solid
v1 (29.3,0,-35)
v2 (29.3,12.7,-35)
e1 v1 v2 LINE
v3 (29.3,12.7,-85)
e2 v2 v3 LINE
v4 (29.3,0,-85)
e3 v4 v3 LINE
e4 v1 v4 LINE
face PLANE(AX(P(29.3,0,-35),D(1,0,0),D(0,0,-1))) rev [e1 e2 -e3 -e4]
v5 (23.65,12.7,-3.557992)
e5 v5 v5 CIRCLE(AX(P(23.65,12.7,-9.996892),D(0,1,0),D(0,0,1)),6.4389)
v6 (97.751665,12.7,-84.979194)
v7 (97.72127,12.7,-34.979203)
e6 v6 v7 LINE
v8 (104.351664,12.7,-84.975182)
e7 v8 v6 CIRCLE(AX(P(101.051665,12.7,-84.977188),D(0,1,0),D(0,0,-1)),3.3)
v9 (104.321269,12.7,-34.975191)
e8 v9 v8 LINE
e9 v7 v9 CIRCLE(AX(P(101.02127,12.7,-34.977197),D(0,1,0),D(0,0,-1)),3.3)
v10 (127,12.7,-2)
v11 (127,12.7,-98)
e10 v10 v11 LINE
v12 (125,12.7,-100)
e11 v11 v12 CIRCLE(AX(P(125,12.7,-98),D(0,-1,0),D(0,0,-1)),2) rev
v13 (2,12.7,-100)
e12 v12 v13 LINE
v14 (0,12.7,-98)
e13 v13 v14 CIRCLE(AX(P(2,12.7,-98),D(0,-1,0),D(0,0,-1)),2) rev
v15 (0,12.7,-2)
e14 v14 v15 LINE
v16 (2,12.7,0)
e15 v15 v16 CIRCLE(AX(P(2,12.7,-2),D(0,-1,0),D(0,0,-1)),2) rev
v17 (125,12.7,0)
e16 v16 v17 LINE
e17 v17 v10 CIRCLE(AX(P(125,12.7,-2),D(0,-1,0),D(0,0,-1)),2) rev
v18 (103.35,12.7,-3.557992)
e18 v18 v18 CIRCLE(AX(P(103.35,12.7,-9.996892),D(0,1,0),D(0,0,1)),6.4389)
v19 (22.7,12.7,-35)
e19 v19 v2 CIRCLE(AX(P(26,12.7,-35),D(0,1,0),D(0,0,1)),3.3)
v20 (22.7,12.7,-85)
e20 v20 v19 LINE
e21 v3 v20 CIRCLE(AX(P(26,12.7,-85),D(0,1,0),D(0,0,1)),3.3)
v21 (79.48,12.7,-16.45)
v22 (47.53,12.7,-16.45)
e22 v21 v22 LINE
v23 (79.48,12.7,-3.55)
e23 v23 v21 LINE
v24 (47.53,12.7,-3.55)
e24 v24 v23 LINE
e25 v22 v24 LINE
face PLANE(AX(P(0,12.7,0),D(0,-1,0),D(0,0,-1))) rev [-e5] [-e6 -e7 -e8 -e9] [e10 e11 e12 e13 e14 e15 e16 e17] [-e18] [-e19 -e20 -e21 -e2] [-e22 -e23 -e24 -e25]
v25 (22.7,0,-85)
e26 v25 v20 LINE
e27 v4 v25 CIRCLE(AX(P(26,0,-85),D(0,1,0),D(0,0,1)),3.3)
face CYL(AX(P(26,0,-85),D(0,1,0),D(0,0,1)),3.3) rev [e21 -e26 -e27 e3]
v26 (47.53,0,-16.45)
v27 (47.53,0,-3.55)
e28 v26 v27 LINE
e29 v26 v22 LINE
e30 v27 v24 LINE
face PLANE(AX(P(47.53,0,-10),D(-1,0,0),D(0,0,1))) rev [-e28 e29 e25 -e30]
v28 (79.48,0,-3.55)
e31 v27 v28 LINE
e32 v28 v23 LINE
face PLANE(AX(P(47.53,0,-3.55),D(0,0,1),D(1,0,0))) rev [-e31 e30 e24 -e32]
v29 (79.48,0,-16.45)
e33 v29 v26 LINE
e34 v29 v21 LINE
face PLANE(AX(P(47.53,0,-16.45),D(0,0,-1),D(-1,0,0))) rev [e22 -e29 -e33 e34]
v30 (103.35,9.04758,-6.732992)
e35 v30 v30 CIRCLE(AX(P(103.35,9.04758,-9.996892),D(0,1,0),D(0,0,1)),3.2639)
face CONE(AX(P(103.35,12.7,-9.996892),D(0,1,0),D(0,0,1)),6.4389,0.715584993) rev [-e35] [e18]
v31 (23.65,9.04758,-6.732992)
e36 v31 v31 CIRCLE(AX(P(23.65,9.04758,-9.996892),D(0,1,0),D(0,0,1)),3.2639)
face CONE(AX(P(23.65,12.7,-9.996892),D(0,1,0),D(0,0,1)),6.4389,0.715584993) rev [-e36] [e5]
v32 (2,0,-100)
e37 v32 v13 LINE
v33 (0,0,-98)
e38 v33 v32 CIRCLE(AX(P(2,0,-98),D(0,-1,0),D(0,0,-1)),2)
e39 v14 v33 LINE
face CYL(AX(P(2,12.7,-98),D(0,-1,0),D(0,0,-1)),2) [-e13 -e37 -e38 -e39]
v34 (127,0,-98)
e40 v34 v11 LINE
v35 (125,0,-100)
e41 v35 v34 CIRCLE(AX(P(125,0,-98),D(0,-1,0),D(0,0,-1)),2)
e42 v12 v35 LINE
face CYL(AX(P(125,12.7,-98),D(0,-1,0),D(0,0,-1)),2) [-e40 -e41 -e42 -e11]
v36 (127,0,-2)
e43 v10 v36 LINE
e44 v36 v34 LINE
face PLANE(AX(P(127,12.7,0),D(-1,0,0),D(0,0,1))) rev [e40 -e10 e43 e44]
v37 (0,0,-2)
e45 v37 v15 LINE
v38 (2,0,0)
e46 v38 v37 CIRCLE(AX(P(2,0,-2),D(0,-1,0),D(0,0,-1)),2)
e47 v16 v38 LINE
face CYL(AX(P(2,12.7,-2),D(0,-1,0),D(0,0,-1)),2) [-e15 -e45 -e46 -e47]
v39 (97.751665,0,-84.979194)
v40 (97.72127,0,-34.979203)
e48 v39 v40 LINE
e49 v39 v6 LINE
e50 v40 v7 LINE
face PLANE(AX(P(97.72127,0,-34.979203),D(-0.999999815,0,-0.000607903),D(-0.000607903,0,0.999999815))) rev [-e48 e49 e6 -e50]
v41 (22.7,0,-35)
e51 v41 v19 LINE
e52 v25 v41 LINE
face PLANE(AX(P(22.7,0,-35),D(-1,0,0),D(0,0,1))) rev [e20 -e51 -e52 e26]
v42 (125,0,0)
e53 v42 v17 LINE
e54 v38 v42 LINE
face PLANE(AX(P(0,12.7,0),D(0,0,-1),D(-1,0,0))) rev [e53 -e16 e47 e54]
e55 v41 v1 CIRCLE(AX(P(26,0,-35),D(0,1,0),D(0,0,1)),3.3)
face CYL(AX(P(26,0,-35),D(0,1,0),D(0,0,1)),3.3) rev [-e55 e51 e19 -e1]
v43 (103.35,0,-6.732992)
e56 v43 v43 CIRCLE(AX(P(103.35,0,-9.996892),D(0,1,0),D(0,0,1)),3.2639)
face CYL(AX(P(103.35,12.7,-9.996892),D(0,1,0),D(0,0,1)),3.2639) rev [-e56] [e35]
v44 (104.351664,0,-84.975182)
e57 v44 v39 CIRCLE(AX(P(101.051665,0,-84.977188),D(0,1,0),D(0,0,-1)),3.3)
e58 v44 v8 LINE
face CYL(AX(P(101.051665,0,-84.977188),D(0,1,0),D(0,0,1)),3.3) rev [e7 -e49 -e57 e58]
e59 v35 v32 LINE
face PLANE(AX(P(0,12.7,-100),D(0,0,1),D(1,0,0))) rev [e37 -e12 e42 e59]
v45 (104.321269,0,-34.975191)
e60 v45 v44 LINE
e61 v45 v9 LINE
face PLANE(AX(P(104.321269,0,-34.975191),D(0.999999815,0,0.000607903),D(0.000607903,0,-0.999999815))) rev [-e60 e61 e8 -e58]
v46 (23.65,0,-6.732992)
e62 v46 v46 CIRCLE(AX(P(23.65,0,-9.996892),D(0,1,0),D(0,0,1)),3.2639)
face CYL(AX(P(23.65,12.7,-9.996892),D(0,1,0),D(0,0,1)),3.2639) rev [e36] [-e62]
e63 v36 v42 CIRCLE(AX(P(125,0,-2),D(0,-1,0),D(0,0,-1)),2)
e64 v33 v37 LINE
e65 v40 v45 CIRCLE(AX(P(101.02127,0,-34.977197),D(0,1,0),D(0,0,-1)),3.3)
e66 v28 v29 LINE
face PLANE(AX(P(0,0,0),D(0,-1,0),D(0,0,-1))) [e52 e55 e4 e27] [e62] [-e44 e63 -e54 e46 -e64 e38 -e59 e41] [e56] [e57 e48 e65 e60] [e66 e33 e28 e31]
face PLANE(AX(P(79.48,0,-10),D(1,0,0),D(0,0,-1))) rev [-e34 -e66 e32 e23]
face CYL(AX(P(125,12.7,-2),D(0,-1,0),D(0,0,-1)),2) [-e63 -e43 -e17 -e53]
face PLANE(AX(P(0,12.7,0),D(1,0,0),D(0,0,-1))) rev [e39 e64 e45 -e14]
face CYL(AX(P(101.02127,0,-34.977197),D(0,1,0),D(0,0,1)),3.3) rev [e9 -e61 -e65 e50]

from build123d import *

# Parameters (mm, degrees)
SKETCH1_W                                        = 127
SKETCH1_H                                        = 100
BOSS_EXTRUDE1_DEPTH                              = 12.7
CUT_EXTRUDE1_DEPTH                               = 12.7
CUT_EXTRUDE2_DEPTH                               = 163.142807426
FILLET1_R                                        = 2
CSK_FOR_1_4_FLAT_HEAD_MACHINE_SCREW1_D           = 6.5278
CSK_FOR_1_4_FLAT_HEAD_MACHINE_SCREW1_CSINK_D     = 12.8778
CSK_FOR_1_4_FLAT_HEAD_MACHINE_SCREW1_CSINK_ANGLE = 82


with BuildPart() as part:
    # Sketch1 → Boss-Extrude1 (new body)
    with BuildSketch(Plane(origin=(0, 0, 0), x_dir=(1, 0, 0), z_dir=(0, 1, 0))):
        with Locations((63.5, 50)):
            Rectangle(SKETCH1_W, SKETCH1_H)
    extrude(amount=BOSS_EXTRUDE1_DEPTH)

    # Sketch2 → Cut-Extrude1 (cut)
    with BuildSketch(Plane(origin=(0, 12.7, 0), x_dir=(1, 0, 0), z_dir=(0, 1, 0))):
        Polygon((47.53, 10), (47.53, 16.45), (79.48, 16.45), (79.48, 10), (79.48, 3.55), (47.53, 3.55), align=None)
    extrude(amount=-CUT_EXTRUDE1_DEPTH, mode=Mode.SUBTRACT)

    # Sketch6 → Cut-Extrude2 (cut, through all)
    with BuildSketch(Plane(origin=(0, 12.7, 0), x_dir=(1, 0, 0), z_dir=(0, 1, 0))):
        with BuildLine():
            Line((22.7, 35), (22.7, 85))
            ThreePointArc((22.7, 85), (26, 88.3), (29.3, 85))
            Line((29.3, 85), (29.3, 35))
            ThreePointArc((29.3, 35), (26, 31.7), (22.7, 35))
        make_face()
        with BuildLine():
            Line((97.721270275, 34.979203261), (97.751665409, 84.979194023))
            ThreePointArc((97.751665409, 84.979194023), (101.053670878, 88.277187334), (104.351664189, 84.975181865))
            Line((104.351664189, 84.975181865), (104.321269055, 34.975191104))
            ThreePointArc((104.321269055, 34.975191104), (101.019263586, 31.677197792), (97.721270275, 34.979203261))
        make_face()
    extrude(amount=-CUT_EXTRUDE2_DEPTH, mode=Mode.SUBTRACT)

    # Fillet1
    fillet1_edges = [part.edges().sort_by_distance(p)[0] for p in [
        (0, 6.35, -100),
        (127, 6.35, -100),
        (127, 6.35, 0),
        (0, 6.35, 0),
    ]]
    fillet(fillet1_edges, radius=FILLET1_R)

    # CSK for 1/4 Flat Head Machine Screw1 (through all)
    with Locations(Plane(origin=(23.65, 12.7, -9.996892397), x_dir=(0, 0, 1), z_dir=(0, 1, 0))):
        with Locations((0, 0), (0, 79.7)):
            CounterSinkHole(CSK_FOR_1_4_FLAT_HEAD_MACHINE_SCREW1_D / 2, CSK_FOR_1_4_FLAT_HEAD_MACHINE_SCREW1_CSINK_D / 2, counter_sink_angle=CSK_FOR_1_4_FLAT_HEAD_MACHINE_SCREW1_CSINK_ANGLE)


solid = part.part
